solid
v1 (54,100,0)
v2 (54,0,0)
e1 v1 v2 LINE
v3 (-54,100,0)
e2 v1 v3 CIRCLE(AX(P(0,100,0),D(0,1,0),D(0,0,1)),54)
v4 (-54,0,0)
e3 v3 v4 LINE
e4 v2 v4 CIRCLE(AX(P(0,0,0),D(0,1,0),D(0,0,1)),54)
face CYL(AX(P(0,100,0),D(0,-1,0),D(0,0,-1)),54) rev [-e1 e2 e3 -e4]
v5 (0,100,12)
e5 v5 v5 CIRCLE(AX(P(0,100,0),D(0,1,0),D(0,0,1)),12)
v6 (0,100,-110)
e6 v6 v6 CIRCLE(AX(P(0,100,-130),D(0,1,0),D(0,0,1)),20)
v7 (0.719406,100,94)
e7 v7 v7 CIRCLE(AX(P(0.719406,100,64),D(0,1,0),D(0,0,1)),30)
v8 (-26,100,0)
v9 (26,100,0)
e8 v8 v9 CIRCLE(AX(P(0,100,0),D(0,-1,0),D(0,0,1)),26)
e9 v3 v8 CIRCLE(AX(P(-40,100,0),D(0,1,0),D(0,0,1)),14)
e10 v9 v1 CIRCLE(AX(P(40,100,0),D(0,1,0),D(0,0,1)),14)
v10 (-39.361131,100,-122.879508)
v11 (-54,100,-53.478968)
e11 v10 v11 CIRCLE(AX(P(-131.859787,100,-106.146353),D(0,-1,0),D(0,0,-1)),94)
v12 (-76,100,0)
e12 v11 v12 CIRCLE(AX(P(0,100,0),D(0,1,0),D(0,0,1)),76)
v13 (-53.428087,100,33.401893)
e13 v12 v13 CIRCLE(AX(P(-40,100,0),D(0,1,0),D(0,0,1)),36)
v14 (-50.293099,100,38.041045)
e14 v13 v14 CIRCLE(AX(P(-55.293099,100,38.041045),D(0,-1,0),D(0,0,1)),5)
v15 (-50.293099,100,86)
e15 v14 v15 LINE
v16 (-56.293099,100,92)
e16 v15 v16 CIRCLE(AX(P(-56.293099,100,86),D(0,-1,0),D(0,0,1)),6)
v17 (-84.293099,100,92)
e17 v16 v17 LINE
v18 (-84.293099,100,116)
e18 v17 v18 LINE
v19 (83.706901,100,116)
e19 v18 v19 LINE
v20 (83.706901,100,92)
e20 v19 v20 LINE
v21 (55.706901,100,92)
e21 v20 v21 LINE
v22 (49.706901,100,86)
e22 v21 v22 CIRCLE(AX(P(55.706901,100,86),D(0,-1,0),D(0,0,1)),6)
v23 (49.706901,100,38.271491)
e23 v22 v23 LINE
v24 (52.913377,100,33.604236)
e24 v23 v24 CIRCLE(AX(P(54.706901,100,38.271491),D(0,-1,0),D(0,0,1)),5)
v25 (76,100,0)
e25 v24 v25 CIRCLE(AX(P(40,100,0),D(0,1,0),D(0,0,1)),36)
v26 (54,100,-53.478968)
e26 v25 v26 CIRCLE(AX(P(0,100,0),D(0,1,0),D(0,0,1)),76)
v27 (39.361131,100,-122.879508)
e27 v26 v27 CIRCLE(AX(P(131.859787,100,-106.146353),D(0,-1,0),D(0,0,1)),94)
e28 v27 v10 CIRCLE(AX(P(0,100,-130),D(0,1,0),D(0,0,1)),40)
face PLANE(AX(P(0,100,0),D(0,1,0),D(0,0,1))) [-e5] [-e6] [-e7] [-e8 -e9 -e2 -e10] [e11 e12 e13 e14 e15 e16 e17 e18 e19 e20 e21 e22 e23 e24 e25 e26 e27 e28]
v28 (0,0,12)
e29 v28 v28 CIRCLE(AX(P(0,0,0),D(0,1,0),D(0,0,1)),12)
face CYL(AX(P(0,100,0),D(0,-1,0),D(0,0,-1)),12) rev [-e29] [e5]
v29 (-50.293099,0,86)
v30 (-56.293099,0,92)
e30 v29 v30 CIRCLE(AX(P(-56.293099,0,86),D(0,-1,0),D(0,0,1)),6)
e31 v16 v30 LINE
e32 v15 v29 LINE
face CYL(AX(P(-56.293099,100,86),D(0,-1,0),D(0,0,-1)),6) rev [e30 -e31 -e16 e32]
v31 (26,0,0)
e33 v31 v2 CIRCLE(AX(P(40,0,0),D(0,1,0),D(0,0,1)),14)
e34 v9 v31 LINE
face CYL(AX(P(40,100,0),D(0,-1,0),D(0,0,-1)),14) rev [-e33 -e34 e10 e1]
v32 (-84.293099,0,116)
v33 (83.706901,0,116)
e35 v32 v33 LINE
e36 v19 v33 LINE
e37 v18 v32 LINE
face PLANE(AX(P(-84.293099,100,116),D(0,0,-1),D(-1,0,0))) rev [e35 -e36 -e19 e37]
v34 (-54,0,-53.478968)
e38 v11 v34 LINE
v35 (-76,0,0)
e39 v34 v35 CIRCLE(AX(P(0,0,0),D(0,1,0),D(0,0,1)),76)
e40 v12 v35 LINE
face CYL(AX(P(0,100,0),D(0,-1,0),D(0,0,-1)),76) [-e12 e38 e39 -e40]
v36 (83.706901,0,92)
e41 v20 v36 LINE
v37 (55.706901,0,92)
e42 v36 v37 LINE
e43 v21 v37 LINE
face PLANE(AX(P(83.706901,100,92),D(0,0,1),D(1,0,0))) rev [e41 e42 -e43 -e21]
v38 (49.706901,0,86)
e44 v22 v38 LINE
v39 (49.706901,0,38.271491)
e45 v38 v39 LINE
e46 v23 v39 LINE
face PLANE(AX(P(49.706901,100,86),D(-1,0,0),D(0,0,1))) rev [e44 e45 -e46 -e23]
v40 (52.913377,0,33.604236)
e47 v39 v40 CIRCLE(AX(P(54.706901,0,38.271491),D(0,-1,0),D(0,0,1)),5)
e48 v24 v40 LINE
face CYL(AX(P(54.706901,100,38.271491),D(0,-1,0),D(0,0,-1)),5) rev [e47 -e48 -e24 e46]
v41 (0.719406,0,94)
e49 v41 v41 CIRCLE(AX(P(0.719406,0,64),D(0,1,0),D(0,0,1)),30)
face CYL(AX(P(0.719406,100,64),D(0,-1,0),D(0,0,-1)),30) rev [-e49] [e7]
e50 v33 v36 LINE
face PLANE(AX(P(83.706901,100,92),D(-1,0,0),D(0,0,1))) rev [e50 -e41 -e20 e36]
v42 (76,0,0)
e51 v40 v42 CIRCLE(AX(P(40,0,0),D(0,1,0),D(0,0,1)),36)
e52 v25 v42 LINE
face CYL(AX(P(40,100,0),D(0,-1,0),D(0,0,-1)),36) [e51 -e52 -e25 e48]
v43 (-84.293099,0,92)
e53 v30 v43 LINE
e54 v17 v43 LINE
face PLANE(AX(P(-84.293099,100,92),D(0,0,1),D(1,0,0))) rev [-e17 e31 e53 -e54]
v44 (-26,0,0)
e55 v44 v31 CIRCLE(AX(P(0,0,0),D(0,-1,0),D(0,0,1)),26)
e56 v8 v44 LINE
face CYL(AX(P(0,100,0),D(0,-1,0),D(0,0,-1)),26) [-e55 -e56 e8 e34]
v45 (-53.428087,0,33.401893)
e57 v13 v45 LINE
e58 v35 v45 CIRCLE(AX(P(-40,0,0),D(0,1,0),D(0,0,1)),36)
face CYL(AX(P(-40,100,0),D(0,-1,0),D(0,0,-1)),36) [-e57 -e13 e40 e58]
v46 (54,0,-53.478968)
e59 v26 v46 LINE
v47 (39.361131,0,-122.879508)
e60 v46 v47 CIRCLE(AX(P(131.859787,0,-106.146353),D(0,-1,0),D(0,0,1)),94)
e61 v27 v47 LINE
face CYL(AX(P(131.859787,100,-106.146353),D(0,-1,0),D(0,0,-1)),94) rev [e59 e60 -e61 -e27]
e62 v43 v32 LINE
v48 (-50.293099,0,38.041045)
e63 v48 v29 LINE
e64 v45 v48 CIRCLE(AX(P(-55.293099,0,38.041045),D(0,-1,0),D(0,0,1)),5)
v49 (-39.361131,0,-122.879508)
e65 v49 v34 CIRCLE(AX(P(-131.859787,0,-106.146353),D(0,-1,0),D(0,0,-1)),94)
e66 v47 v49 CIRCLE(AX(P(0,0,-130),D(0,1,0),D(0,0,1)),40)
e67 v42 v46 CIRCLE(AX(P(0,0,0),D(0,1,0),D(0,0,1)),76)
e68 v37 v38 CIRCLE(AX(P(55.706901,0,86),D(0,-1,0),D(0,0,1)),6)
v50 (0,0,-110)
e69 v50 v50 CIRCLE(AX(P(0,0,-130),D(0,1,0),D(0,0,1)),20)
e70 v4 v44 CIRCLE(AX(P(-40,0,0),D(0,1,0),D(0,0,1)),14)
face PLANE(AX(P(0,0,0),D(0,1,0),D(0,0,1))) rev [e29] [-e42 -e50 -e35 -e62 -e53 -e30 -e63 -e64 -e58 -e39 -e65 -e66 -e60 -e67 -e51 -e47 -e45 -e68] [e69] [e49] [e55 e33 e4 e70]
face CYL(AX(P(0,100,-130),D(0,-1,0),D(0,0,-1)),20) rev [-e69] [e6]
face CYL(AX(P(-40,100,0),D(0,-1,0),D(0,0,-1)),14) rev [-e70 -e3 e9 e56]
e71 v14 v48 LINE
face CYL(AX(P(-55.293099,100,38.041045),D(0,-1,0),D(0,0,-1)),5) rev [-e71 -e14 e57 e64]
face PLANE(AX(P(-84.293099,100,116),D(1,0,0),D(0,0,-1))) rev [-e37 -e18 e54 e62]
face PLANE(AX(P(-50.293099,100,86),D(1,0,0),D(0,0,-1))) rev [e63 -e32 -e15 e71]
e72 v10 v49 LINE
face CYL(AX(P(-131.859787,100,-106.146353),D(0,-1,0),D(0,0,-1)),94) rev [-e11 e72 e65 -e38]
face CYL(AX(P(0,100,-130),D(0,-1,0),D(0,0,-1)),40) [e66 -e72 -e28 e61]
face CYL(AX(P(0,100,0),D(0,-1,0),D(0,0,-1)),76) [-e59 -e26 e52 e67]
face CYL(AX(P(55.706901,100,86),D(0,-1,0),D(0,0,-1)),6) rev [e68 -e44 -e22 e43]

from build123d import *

# Parameters (mm, degrees)
SKETCH1_R           = 30
SKETCH1_R_2         = 12
SKETCH1_R_3         = 20
BOSS_EXTRUDE1_DEPTH = 100


with BuildPart() as part:
    # Sketch1 → Boss-Extrude1 (new body)
    with BuildSketch(Plane(origin=(0, 0, 0), x_dir=(1, 0, 0), z_dir=(0, 1, 0))):
        with BuildLine():
            Line((-84.293098865, -116), (83.706901135, -116))
            Line((83.706901135, -116), (83.706901135, -92))
            Line((83.706901135, -92), (55.706901135, -92))
            ThreePointArc((55.706901135, -92), (51.464260447, -90.242640687), (49.706901135, -86))
            Line((49.706901135, -86), (49.706901135, -38.271491466))
            ThreePointArc((49.706901135, -38.271491466), (50.585759142, -35.440204006), (52.913376606, -33.604236409))
            ThreePointArc((52.913376606, -33.604236409), (69.672222345, -20.385269709), (76, 0))
            ThreePointArc((76, 0), (70.285133563, 28.91366459), (54, 53.478967828))
            ThreePointArc((54, 53.478967828), (39.883656587, 86.745545299), (39.361130578, 122.87950847))
            ThreePointArc((39.361130578, 122.87950847), (0, 170), (-39.361130578, 122.87950847))
            ThreePointArc((-39.361130578, 122.87950847), (-39.883656587, 86.745545299), (-54, 53.478967828))
            ThreePointArc((-54, 53.478967828), (-70.285133563, 28.91366459), (-76, 0))
            ThreePointArc((-76, 0), (-69.827932589, -20.156746698), (-53.428086809, -33.401893429))
            ThreePointArc((-53.428086809, -33.401893429), (-51.15033045, -35.241497142), (-50.293098865, -38.041045294))
            Line((-50.293098865, -38.041045294), (-50.293098865, -86))
            ThreePointArc((-50.293098865, -86), (-52.050458178, -90.242640687), (-56.293098865, -92))
            Line((-56.293098865, -92), (-84.293098865, -92))
            Line((-84.293098865, -92), (-84.293098865, -116))
        make_face()
        with Locations(Location((0.719405778, -64, 0), (0, 0, 270))):
            Circle(SKETCH1_R, mode=Mode.SUBTRACT)
        with Locations(Location((0, 0, 0), (0, 0, 270))):
            Circle(SKETCH1_R_2, mode=Mode.SUBTRACT)
        with Locations(Location((0, 130, 0), (0, 0, 270))):
            Circle(SKETCH1_R_3, mode=Mode.SUBTRACT)
        with BuildLine():
            ThreePointArc((-54, 0), (-40, -14), (-26, 0))
            ThreePointArc((-26, 0), (0, 26), (26, 0))
            ThreePointArc((26, 0), (40, -14), (54, 0))
            ThreePointArc((54, 0), (0, 54), (-54, 0))
        make_face(mode=Mode.SUBTRACT)
    extrude(amount=BOSS_EXTRUDE1_DEPTH)


solid = part.part
